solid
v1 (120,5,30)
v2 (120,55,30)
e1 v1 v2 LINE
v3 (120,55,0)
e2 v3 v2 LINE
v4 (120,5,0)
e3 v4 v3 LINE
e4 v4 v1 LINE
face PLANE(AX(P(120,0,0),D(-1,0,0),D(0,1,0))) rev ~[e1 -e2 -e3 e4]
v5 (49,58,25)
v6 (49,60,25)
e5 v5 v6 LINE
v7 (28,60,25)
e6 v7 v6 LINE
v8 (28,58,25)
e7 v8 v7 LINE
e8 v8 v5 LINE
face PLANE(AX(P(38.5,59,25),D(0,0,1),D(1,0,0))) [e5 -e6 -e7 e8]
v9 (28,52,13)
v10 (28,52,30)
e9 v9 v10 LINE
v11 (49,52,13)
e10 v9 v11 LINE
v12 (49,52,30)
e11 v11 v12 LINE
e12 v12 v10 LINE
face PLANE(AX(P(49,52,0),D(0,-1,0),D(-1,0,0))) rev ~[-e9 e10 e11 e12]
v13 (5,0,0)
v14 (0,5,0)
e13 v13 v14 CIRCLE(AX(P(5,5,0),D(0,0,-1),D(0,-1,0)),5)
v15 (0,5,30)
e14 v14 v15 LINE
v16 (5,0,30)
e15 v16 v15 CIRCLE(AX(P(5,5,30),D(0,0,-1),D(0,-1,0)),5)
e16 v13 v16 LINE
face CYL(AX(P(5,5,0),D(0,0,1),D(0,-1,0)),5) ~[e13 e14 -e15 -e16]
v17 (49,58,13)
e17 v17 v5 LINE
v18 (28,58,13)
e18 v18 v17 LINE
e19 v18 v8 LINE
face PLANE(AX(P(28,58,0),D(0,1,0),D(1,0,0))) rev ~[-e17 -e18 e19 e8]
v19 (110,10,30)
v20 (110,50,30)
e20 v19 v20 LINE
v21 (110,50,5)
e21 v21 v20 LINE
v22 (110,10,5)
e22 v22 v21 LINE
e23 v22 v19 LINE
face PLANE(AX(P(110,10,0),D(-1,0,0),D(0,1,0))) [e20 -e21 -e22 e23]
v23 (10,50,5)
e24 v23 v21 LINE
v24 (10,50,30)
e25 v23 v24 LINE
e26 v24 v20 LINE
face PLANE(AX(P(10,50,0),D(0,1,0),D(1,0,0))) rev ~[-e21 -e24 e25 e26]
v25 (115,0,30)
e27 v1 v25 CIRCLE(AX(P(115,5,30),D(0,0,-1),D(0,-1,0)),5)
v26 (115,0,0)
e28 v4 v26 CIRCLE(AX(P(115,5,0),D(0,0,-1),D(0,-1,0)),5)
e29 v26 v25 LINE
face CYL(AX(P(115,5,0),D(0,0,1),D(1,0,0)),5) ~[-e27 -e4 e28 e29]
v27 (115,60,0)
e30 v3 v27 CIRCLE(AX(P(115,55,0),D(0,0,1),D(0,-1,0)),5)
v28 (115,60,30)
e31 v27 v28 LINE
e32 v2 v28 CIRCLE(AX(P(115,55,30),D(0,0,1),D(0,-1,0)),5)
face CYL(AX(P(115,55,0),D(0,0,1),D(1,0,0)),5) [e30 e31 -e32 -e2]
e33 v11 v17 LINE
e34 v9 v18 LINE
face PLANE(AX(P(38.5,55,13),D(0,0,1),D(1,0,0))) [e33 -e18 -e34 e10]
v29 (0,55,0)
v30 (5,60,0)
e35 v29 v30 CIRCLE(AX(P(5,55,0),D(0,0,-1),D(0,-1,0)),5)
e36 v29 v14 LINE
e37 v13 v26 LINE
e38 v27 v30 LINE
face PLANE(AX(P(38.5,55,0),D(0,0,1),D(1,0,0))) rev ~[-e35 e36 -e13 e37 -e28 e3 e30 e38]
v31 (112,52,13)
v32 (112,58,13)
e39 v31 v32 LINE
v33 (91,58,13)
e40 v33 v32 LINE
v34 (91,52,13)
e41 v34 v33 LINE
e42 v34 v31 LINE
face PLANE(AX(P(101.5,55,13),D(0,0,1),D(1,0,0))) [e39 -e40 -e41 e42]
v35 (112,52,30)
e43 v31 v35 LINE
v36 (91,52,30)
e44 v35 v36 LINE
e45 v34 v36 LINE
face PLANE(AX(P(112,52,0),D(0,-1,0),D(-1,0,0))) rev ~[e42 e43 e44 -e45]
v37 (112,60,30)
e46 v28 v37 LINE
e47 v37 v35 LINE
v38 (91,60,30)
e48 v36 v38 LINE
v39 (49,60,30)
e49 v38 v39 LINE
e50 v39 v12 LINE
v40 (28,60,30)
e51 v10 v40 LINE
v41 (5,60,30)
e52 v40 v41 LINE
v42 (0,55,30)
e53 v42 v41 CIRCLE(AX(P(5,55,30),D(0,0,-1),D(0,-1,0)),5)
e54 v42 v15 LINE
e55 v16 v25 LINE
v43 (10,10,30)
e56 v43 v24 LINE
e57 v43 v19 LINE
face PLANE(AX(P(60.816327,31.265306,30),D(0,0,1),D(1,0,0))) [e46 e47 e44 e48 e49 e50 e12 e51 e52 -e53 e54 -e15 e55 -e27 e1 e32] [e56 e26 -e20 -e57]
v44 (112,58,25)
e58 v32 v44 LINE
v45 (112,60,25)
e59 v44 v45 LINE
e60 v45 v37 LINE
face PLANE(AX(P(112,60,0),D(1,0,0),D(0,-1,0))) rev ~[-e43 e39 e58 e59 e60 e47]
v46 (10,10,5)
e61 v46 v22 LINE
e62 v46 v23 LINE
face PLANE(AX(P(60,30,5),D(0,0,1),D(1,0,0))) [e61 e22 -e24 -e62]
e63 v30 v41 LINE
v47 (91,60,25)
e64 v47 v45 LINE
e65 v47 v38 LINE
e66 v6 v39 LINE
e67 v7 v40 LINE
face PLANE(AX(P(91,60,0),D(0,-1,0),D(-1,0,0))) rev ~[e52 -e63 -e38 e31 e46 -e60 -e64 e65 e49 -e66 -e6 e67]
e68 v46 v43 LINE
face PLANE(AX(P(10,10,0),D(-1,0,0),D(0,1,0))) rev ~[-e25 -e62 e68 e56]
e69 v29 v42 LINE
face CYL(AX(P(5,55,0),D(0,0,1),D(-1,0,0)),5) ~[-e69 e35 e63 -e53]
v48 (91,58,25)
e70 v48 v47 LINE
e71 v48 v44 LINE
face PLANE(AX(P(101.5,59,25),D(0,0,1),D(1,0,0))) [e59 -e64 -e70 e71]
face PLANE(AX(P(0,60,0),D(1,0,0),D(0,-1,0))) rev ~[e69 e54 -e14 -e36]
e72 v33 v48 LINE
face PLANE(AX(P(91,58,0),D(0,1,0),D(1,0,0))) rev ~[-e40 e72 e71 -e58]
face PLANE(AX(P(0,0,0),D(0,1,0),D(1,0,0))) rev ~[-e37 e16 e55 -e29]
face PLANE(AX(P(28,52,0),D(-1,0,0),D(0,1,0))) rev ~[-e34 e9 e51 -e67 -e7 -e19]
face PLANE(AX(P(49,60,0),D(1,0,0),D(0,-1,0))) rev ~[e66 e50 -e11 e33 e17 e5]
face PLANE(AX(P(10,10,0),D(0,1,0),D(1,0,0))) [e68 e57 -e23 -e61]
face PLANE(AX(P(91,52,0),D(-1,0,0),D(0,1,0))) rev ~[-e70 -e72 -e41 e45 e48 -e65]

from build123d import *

# Parameters (mm, degrees)
F0_W     = 100
F0_H     = 40
F1_DEPTH = 30
F2_DEPTH = 5
F0_W_2   = 21
F0_H_2   = 6
F3_DEPTH = 13
F0_H_3   = 2
F4_DEPTH = 25
F5_R     = 5


with BuildPart() as f1:
    # F0 (on Top) → F1 (new body)
    with BuildSketch(Plane.XY):
        Polygon((0, 60), (0, 0), (120, 0), (120, 60), (112, 60), (112, 58), (112, 52), (91, 52), (91, 58), (91, 60), (49, 60), (49, 58), (49, 52), (28, 52), (28, 58), (28, 60), align=None)
        with Locations((60, 30)):
            Rectangle(F0_W, F0_H, mode=Mode.SUBTRACT)
    extrude(amount=F1_DEPTH)

    # F0 (on Top) → F2 (join)
    with BuildSketch(Plane.XY):
        with Locations((60, 30)):
            Rectangle(F0_W, F0_H)
    extrude(amount=F2_DEPTH)

    # F0 (on Top) → F3 (join)
    with BuildSketch(Plane.XY):
        with Locations((38.5, 55)):
            Rectangle(F0_W_2, F0_H_2)
        with Locations((101.5, 55)):
            Rectangle(F0_W_2, F0_H_2)
    extrude(amount=F3_DEPTH)

    # F0 (on Top) → F4 (join)
    with BuildSketch(Plane.XY):
        with Locations((38.5, 59)):
            Rectangle(F0_W_2, F0_H_3)
        with Locations((101.5, 59)):
            Rectangle(F0_W_2, F0_H_3)
    extrude(amount=F4_DEPTH)

    # F5
    f5_edges = [f1.edges().sort_by_distance(p)[0] for p in [
        (0, 0, 15),
        (120, 0, 15),
        (120, 60, 15),
        (0, 60, 15),
    ]]
    fillet(f5_edges, radius=F5_R)


solid = f1.part
